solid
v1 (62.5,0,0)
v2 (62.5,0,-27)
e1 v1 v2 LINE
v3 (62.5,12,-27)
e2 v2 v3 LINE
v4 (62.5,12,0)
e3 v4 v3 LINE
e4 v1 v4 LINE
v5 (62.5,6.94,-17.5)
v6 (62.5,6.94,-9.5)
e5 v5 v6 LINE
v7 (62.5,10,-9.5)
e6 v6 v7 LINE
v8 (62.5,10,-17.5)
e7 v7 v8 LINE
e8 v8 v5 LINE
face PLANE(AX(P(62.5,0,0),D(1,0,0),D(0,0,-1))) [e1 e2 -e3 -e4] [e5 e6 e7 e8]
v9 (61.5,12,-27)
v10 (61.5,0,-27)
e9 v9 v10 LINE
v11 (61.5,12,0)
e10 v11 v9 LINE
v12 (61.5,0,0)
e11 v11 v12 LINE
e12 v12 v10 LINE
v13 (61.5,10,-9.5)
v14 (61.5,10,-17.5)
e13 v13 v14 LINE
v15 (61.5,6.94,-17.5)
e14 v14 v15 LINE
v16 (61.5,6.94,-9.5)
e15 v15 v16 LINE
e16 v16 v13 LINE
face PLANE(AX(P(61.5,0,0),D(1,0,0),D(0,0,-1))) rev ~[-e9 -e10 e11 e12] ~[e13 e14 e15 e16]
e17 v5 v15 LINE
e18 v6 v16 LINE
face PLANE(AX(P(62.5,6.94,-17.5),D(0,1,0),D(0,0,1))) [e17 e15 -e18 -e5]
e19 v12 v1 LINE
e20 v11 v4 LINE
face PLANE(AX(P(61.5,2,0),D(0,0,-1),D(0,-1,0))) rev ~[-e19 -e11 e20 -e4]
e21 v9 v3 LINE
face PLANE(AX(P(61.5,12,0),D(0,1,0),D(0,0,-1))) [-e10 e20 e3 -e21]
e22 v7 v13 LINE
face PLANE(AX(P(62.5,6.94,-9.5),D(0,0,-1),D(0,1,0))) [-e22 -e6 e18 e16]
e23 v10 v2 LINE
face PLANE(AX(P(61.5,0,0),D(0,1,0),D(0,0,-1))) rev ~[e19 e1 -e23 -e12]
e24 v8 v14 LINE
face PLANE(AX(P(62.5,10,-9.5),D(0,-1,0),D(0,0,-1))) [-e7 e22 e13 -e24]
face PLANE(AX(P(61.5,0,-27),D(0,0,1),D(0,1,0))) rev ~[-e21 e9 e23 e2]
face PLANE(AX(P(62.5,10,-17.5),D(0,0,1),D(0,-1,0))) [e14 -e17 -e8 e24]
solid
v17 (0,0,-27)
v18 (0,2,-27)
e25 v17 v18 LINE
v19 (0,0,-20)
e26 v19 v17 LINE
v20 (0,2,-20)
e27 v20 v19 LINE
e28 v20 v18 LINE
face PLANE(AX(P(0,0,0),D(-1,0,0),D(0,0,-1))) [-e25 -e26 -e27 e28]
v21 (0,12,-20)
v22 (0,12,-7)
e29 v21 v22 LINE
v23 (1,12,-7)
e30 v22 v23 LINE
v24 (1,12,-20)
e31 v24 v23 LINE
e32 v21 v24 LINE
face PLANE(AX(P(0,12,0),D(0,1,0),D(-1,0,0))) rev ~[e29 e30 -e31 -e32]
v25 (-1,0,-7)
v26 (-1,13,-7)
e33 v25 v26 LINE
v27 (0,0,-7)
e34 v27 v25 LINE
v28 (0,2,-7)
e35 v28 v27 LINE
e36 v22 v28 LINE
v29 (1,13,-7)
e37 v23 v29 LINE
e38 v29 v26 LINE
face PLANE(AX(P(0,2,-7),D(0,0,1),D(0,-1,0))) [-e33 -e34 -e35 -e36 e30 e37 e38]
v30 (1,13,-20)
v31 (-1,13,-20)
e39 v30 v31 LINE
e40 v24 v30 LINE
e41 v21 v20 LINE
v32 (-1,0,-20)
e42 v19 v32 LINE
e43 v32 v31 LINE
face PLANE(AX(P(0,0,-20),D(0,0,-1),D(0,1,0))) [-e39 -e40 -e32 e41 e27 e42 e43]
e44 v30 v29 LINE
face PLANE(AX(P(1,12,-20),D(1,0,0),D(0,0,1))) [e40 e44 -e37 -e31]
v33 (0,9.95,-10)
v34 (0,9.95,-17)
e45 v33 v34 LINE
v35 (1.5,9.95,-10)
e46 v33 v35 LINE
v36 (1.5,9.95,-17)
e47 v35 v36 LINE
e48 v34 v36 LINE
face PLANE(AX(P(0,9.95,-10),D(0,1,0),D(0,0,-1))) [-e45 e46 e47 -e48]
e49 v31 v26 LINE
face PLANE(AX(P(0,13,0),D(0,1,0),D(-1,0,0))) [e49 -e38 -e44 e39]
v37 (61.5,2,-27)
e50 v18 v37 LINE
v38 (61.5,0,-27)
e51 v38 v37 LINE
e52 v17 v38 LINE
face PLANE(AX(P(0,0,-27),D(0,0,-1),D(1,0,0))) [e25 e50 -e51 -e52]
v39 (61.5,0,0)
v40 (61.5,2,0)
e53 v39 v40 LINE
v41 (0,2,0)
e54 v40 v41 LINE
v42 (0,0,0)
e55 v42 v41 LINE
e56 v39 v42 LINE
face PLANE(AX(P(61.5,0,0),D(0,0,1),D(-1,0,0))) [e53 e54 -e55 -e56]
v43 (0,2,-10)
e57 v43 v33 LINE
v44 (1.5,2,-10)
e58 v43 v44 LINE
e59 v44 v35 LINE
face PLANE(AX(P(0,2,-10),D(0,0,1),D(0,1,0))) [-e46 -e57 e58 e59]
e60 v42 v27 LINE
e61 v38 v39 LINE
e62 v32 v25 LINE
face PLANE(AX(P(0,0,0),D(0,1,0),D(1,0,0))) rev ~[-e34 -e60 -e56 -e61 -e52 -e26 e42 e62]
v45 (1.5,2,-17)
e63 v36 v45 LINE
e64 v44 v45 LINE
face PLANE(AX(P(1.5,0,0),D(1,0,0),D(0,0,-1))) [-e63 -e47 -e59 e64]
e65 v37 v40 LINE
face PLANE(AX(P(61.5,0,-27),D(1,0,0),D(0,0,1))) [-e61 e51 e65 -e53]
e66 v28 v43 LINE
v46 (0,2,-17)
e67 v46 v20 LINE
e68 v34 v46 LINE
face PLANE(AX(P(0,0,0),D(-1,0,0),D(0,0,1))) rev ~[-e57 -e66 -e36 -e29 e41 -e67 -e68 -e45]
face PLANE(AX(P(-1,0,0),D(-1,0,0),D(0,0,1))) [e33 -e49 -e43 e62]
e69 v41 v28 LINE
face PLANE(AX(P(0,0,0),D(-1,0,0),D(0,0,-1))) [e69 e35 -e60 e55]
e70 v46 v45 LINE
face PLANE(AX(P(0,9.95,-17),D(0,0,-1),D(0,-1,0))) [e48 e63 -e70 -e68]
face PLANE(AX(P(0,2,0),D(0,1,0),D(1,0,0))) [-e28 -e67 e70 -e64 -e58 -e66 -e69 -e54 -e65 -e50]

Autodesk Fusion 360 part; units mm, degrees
sketch "Sketch1" plane through (0, 0, 0) normal (0, 1, 0) x (1, 0, 0)
  line L0 (0, 27) -> (61.5, 27)
  line L1 (61.5, 27) -> (61.5, 0)
  line L2 (61.5, 0) -> (0, 0)
  line L3 (0, 0) -> (0, 27)
  dimension "d1" = 27
  dimension "d2" = 61.5
extrude "Extrude1" add sketch "Sketch1" along normal blind 2 makes body 1
sketch "Sketch2" plane through (61.5, 0, 0) normal (1, 0, 0) x (0, 0, -1)
  line L0 (0, 0) -> (27, 0)
  line L1 (27, 0) -> (27, 2)
  line L2 (27, 2) -> (0, 2)
  line L3 (0, 2) -> (0, 0)
  line L4 (0, 12) -> (27, 12)
  line L5 (27, 12) -> (27, 0)
  line L6 (27, 0) -> (0, 0)
  line L7 (0, 0) -> (0, 12)
  dimension "d5" = 10
extrude "Extrude2" add sketch "Sketch2" along normal blind 1 separate body makes body 2
sketch "Sketch3" plane through (62.5, 0, 0) normal (1, 0, 0) x (0, 0, -1)
  line L0 (0, 0) -> (27, 0)
  line L1 (27, 0) -> (27, 12)
  line L2 (27, 12) -> (0, 12)
  line L3 (0, 12) -> (0, 0)
  line L4 (9.5, 10) -> (17.5, 10)
  line L5 (17.5, 10) -> (17.5, 6.94)
  line L6 (17.5, 6.94) -> (9.5, 6.94)
  line L7 (9.5, 6.94) -> (9.5, 10)
  line L8 (13.5, 12) -> (13.5, 0) construction
  point P0 (13.5, 6.94)
  dimension "d8" = 8
  dimension "d9" = 3.06
  dimension "d10" = 2
extrude "Extrude3" cut sketch "Sketch3" against normal up to surface (1 mm away) contours L4 L5 L6 L7 bodies 2
sketch "Sketch5" plane through (0, 0, 0) normal (-1, 0, 0) x (0, 0, 1)
  line L0 (-27, 0) -> (0, 0)
  line L1 (0, 0) -> (0, 2)
  line L2 (0, 2) -> (-27, 2)
  line L3 (-27, 2) -> (-27, 0)
  line L4 (-20, 12) -> (-7, 12)
  line L5 (-7, 12) -> (-7, 0)
  line L6 (-7, 0) -> (-20, 0)
  line L7 (-20, 0) -> (-20, 12)
  line L8 (0, 12) -> (-27, 12) construction
  point P0 (-13.5, 0)
  dimension "d15" = 13
extrude "Extrude5" add sketch "Sketch5" along normal blind 1 contours L0 L2 L5 L6 L7 | L2 L4 L5 L7 bodies 1
sketch "Sketch6" plane through (0, 12, 0) normal (0, 1, 0) x (-1, 0, 0)
  line L0 (0, -7) -> (0, -20)
  line L1 (0, -20) -> (1, -20)
  line L2 (1, -20) -> (1, -7)
  line L3 (1, -7) -> (0, -7)
  line L4 (1, -20) -> (-1, -20)
  line L5 (-1, -20) -> (-1, -7)
  line L6 (-1, -7) -> (1, -7)
  line L7 (1, -7) -> (1, -20)
  dimension "d19" = 1
extrude "Extrude6" add sketch "Sketch6" along normal blind 1 bodies 1
sketch "Sketch7" plane through (0, 0, 0) normal (1, 0, 0) x (0, 0, -1)
  line L0 (7, 2) -> (20, 2)
  line L1 (20, 2) -> (20, 12)
  line L2 (20, 12) -> (7, 12)
  line L3 (7, 12) -> (7, 2)
  line L4 (10, 9.95) -> (17, 9.95)
  line L5 (17, 9.95) -> (17, 2)
  line L6 (17, 2) -> (10, 2)
  line L7 (10, 2) -> (10, 9.95)
  point P0 (13.5, 2)
  dimension "d22" = 2.05
  dimension "d23" = 7
extrude "Extrude7" add sketch "Sketch7" along normal blind 1.5 contours L0 L4 L5 L6 L7 bodies 1
